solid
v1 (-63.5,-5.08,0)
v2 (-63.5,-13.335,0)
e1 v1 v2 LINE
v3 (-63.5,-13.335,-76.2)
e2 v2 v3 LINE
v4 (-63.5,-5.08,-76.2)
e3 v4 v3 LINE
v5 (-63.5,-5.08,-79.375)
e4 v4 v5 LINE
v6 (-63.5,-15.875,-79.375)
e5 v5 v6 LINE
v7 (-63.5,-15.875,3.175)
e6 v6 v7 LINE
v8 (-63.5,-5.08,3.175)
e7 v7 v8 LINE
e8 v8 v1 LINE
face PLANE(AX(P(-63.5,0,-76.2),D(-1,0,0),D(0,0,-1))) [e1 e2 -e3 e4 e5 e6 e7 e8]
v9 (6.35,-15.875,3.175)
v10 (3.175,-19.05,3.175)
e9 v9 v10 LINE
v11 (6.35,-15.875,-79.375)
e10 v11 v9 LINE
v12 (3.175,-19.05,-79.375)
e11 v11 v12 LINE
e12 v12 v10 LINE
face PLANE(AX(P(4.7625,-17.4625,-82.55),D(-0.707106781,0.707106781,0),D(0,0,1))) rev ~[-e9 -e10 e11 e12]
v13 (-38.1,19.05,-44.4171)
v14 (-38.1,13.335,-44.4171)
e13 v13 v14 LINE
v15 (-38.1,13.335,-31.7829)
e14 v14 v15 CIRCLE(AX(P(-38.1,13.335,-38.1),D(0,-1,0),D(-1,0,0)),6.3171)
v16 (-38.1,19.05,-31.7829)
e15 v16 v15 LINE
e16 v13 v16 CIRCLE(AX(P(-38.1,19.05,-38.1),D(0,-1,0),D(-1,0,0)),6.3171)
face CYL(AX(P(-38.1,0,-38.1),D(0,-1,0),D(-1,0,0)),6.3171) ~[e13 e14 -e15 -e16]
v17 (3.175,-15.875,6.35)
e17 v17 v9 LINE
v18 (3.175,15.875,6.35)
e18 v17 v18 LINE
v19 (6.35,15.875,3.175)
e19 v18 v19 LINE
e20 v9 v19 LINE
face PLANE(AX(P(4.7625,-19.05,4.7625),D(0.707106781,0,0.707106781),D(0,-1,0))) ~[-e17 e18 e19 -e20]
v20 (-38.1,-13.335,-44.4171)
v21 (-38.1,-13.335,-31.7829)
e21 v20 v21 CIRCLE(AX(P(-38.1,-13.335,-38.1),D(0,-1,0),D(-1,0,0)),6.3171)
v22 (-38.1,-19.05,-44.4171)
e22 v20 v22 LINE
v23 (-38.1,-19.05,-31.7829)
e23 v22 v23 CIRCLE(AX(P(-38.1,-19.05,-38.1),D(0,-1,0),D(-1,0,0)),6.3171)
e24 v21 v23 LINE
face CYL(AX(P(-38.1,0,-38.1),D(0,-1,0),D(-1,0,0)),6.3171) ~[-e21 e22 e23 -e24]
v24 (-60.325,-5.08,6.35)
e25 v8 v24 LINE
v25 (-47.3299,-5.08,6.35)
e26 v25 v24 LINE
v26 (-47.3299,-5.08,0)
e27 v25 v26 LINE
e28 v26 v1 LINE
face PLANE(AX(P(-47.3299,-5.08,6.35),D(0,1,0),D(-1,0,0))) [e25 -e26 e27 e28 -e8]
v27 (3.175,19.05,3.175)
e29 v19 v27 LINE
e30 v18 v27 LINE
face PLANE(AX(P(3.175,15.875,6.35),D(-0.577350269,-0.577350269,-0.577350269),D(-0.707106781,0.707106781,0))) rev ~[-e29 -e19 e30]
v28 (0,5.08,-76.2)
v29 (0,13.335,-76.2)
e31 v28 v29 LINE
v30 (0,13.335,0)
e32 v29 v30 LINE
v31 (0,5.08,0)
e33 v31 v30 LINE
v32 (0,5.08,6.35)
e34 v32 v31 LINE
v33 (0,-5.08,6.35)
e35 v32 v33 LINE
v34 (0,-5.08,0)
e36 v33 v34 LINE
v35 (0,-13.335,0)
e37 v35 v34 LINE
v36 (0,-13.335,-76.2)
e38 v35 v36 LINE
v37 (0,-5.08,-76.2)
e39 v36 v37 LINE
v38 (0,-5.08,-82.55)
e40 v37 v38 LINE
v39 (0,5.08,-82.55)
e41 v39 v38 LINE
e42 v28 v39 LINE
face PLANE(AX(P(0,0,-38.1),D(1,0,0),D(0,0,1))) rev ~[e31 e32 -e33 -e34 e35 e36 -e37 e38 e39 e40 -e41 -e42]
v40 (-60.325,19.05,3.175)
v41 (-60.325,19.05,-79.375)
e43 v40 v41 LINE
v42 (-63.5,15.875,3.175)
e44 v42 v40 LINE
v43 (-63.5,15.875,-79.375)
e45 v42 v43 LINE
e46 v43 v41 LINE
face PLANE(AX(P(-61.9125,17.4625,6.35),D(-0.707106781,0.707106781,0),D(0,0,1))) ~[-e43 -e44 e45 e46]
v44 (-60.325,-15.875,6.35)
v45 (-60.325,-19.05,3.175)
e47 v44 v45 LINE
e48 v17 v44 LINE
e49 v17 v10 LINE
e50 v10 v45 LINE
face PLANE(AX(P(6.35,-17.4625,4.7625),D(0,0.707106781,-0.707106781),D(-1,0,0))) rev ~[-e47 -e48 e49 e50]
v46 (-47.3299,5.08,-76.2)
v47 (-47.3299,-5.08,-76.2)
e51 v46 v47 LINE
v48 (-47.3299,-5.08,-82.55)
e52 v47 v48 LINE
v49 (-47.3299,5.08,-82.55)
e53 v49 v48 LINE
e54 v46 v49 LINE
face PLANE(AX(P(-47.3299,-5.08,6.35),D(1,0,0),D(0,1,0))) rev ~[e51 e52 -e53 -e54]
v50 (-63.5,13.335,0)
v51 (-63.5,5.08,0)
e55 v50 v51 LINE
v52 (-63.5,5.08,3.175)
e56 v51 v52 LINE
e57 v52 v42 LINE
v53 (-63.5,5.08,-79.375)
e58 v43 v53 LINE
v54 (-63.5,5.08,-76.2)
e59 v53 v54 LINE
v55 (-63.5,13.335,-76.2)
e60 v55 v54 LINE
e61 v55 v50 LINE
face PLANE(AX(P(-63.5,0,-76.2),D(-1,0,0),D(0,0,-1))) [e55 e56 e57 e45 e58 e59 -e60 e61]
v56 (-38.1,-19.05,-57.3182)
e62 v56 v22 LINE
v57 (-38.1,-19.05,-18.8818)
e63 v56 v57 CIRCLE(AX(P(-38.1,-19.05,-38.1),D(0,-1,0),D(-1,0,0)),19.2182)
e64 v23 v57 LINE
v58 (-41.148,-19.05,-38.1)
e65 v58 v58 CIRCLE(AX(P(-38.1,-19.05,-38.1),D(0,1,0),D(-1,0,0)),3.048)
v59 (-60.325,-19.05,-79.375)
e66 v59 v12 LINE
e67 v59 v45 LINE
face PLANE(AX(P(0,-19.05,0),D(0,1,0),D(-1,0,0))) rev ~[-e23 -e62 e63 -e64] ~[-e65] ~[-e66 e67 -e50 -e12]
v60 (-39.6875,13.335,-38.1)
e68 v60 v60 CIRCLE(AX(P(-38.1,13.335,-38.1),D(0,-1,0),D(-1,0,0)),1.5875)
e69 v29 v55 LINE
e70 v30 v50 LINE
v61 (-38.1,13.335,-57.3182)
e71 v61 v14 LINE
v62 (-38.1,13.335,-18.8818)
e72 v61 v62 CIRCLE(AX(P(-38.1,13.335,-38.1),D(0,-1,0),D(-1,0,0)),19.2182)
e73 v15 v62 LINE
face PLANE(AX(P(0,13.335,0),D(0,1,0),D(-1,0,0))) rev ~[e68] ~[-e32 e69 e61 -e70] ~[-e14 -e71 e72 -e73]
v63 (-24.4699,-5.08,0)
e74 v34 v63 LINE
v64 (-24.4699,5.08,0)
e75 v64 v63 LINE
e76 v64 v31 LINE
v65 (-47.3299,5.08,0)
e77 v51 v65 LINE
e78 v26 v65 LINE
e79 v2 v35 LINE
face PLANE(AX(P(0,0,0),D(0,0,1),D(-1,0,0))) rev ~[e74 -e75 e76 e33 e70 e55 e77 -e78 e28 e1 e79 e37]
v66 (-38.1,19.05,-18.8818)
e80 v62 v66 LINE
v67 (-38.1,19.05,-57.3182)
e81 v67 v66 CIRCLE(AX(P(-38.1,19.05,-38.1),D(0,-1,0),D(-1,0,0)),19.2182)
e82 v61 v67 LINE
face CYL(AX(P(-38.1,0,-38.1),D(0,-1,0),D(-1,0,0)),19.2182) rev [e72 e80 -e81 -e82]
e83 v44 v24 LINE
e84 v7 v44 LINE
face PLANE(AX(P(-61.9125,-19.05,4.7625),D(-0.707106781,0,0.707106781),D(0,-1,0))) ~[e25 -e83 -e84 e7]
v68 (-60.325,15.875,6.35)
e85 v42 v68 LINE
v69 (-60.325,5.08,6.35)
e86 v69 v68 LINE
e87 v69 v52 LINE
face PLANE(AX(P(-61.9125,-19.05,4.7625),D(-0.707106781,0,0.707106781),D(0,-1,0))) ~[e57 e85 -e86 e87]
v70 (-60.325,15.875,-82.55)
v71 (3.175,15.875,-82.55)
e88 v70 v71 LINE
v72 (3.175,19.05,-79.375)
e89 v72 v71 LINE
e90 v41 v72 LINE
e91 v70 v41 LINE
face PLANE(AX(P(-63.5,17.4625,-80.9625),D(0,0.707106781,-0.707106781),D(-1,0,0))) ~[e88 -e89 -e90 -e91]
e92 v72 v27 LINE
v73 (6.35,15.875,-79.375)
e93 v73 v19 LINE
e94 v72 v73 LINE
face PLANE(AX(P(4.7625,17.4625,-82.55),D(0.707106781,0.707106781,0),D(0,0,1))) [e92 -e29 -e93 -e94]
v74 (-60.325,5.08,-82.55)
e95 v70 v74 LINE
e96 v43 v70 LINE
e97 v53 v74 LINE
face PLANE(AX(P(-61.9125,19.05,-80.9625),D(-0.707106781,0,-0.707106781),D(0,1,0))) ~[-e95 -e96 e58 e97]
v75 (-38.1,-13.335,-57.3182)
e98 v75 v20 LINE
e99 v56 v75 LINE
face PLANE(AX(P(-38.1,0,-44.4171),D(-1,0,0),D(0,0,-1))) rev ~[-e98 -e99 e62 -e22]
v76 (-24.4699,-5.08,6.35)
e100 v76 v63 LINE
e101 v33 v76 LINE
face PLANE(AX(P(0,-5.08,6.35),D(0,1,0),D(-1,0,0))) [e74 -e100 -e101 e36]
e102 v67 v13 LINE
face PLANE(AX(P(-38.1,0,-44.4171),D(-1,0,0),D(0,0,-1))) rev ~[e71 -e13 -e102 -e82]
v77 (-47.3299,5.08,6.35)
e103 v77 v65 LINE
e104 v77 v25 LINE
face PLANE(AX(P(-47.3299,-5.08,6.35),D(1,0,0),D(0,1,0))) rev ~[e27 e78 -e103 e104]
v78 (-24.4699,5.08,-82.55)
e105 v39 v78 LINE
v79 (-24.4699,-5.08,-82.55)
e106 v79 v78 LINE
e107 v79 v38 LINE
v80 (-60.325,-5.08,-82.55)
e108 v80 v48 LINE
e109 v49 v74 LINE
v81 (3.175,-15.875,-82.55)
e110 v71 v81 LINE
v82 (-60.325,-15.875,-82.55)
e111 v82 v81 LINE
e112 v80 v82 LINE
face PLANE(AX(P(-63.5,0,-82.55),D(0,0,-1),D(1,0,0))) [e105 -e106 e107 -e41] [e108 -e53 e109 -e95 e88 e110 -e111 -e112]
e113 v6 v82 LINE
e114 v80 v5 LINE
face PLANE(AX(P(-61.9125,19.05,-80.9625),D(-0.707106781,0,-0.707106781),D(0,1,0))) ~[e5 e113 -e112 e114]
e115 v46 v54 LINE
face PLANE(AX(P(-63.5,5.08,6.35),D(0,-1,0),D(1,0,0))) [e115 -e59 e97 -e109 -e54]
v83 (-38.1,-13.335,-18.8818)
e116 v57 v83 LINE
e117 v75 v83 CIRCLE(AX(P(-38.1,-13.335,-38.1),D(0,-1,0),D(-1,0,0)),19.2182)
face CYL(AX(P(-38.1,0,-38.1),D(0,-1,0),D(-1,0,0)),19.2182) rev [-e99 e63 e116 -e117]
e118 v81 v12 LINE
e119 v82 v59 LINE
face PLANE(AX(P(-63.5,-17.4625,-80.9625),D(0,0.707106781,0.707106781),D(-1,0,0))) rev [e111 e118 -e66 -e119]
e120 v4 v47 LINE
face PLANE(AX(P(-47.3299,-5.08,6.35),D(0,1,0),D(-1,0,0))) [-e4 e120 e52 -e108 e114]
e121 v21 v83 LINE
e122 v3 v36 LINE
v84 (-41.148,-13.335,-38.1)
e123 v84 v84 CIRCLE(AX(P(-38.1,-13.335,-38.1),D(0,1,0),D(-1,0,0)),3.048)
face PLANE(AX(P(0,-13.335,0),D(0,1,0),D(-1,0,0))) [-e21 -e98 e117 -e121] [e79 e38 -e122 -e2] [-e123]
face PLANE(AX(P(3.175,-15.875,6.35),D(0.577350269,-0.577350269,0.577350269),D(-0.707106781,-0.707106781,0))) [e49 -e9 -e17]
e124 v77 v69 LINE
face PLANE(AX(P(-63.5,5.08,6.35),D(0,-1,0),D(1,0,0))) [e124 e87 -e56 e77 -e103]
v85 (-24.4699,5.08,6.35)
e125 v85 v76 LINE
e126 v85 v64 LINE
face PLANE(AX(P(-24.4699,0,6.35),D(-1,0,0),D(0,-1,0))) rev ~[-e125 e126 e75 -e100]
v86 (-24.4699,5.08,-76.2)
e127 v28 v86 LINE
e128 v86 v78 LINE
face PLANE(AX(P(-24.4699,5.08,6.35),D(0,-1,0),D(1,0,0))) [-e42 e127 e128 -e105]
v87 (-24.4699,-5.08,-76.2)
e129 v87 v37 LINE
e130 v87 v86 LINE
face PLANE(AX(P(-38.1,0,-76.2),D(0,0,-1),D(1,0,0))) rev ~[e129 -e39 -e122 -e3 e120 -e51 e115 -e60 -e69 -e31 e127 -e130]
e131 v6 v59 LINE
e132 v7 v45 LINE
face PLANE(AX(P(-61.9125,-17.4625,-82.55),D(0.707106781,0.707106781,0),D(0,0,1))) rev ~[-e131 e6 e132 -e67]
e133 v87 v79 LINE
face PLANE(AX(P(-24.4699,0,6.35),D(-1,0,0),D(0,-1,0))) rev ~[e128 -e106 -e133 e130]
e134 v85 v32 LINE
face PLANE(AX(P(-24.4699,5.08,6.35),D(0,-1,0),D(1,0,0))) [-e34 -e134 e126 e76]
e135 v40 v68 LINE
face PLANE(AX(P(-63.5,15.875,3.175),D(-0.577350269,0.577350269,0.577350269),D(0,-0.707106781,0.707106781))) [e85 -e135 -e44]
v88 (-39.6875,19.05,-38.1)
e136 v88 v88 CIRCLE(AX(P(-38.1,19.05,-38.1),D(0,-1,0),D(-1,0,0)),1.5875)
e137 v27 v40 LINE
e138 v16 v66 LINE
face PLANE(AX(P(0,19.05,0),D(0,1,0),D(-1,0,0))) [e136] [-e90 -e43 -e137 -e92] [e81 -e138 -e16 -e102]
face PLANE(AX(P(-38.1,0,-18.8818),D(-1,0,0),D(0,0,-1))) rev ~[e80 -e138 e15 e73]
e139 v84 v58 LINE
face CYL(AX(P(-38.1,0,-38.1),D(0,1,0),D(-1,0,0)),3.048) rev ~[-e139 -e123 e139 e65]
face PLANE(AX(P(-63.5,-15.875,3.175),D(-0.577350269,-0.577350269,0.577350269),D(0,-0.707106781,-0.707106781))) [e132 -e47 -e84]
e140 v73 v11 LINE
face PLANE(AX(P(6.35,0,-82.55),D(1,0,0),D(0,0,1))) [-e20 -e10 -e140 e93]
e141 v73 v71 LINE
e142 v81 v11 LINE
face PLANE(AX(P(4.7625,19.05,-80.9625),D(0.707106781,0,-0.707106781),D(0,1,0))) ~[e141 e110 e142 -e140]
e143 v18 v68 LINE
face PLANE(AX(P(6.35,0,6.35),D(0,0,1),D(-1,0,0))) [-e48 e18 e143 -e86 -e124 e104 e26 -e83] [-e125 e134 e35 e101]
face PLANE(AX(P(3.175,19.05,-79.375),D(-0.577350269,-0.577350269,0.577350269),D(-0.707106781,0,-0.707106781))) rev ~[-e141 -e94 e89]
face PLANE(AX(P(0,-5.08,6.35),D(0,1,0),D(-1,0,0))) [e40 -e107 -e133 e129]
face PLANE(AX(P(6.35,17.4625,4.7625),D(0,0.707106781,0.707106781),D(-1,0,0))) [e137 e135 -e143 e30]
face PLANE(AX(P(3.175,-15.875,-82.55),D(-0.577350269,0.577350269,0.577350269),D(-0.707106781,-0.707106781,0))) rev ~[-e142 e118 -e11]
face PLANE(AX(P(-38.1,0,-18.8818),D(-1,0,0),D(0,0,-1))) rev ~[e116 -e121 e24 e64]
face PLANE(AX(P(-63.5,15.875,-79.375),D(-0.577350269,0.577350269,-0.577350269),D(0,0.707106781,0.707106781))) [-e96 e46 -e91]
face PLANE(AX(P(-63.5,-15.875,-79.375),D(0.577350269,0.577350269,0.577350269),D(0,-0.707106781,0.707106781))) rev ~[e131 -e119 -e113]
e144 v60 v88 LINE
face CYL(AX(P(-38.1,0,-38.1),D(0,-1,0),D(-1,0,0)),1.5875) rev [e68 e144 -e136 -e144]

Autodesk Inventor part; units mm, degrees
ref_plane "YZ Plane" through (0, 0, 0) normal (1, 0, 0) x (0, 1, 0)
ref_plane "XZ Plane" through (0, 0, 0) normal (0, 1, 0) x (-1, 0, 0)
ref_plane "XY Plane" through (0, 0, 0) normal (0, 0, 1) x (1, 0, 0)
sketch "Sketch1" plane through (0, 0, 0) normal (0, 1, 0) x (-1, 0, 0)
  line L0 (0, 0) -> (76.2, 0)
  line L1 (76.2, 0) -> (76.2, -76.2)
  line L2 (76.2, -76.2) -> (0, -76.2)
  line L3 (0, -76.2) -> (0, 0)
  line L4 (-6.35, 6.35) -> (76.2, 6.35)
  line L5 (76.2, -82.55) -> (-6.35, -82.55)
  line L6 (-6.35, -82.55) -> (-6.35, 6.35)
  line L7 (76.2, 6.35) -> (63.5, 6.35)
  line L8 (63.5, 6.35) -> (63.5, -82.55)
  line L9 (76.2, -38.1) -> (0, -38.1)
  line L10 (38.1, 0) -> (38.1, -76.2)
  circle A0 centre (38.1, -38.1) radius 3.048
  circle A1 centre (38.1, -38.1) radius 1.5875
  circle A2 centre (38.1, -38.1) radius 6.3171
  circle A3 centre (38.1, -38.1) radius 19.2182
  point P0 (63.5, 0)
  point P1 (63.5, -76.2)
  point P2 (38.1, -57.3182)
  point P3 (38.1, -44.4171)
  point P4 (38.1, -31.7829)
  point P5 (38.1, -18.8818)
  dimension "d0" = 76.2
  dimension "d1" = 76.2
  dimension "d2" = 6.35
  dimension "d3" = 6.35
  dimension "d4" = 6.35
  dimension "d6" = 12.7
  dimension "d7" = 6.096
  dimension "d12" = 3.175
extrude "Extrusion1" add sketch "Sketch1" along normal mid plane 38.1 contours L3 L2 L8 L5 L6 L4 L0 | L0 L10 A3 L9 L3 | L0 L8 L9 A3 L10 | L9 A3 L10 L2 L3 | A3 L9 A2 L10 | L10 A2 L9 A3 | L9 A2 L10 A3 | L8 L2 L10 A3 L9 | A2 L9 A0 L10 | L10 A0 L9 A2 | A3 L10 A2 L9 | L9 A0 L10 A2 | A0 L9 A1 L10 | L10 A1 L9 A0 | A2 L10 A0 L9 | L9 A1 L10 A0 | A1 L9 L10 | L10 L9 A1 | A0 L10 A1 L9 | L9 L10 A1 | L9 A1 L10
extrude "Extrusion2" cut sketch "Sketch1" along normal mid plane 26.67 contours L0 L10 A3 L9 L3 | L0 L8 L9 A3 L10 | L9 A3 L10 L2 L3 | A3 L9 A2 L10 | L10 A2 L9 A3 | L9 A2 L10 A3 | L8 L2 L10 A3 L9 | A2 L9 A0 L10 | L10 A0 L9 A2 | A3 L10 A2 L9 | L9 A0 L10 A2 | A0 L9 A1 L10 | L10 A1 L9 A0 | A2 L10 A0 L9 | L9 A1 L10 A0 | A1 L9 L10 | L10 L9 A1 | A0 L10 A1 L9 | L9 L10 A1 | L9 A1 L10
extrude "Extrusion3" cut sketch "Sketch1" along normal blind 26.67 contours A1 L9 L10 | L10 L9 A1 | L9 L10 A1 | L9 A1 L10
extrude "Extrusion4" cut sketch "Sketch1" against normal blind 26.67 contours A0 L9 A1 L10 | L10 A1 L9 A0 | L9 A1 L10 A0 | A1 L9 L10 | L10 L9 A1 | A0 L10 A1 L9 | L9 L10 A1 | L9 A1 L10
extrude "Extrusion5" cut sketch "Sketch1" along normal mid plane 76.2 contours L10 A2 L9 A3 | L9 A2 L10 A3 picked at (24.03, -33.4265) picked at (23.3428, -39.5255)
chamfer "Chamfer1" distance 3.175 angle 45 12 edges at (6.35, -19.05, -38.1) (6.35, 0, -82.55) (6.35, 19.05, -38.1) (6.35, 0, 6.35) (-28.575, -19.05, 6.35) (-28.575, -19.05, -82.55) (-28.575, 19.05, 6.35) (-28.575, 19.05, -82.55) (-63.5, 0, -82.55) (-63.5, 19.05, -38.1) (-63.5, 0, 6.35) (-63.5, -19.05, -38.1)
sketch "Sketch2" plane through (-60.325, 15.875, 6.35) normal (0, 0, 1) x (1, 0, 0)
  line L0 (60.325, -15.875) -> (-14.3464, -15.875)
  line L1 (-14.3464, -15.875) -> (-14.3464, -10.795)
  line L2 (-3.175, -31.75) -> (-3.175, 0) projected
  line L3 (-14.3464, -10.795) -> (60.325, -10.795)
  line L4 (60.325, -29.21) -> (60.325, -2.54) projected
  line L5 (60.325, -10.795) -> (60.325, -20.955)
  line L6 (60.325, -20.955) -> (-14.3464, -20.955)
  line L7 (-14.3464, -20.955) -> (-14.3464, -15.875)
  line L8 (12.9951, -20.955) -> (12.9951, -10.795)
  line L9 (35.8551, -10.795) -> (35.8551, -20.955)
  dimension "d22" = 5.08
  dimension "d23" = 10.16
  dimension "d26" = 24.4699
  dimension "d27" = 22.86
extrude "Extrusion6" cut sketch "Sketch2" against normal blind 127 contours L4 L6 L9 L0 | L0 L9 L3 L4 | L8 L6 L2 L0 | L0 L2 L3 L8 | L2 L6 L7 L0 | L0 L1 L3 L2
sketch "Sketch3" plane through (-60.325, -15.875, 6.35) normal (0, 0, 1) x (1, 0, 0)
  point P0 (60.325, 15.875)
properties part number "Flywheel Cutting Jig"
